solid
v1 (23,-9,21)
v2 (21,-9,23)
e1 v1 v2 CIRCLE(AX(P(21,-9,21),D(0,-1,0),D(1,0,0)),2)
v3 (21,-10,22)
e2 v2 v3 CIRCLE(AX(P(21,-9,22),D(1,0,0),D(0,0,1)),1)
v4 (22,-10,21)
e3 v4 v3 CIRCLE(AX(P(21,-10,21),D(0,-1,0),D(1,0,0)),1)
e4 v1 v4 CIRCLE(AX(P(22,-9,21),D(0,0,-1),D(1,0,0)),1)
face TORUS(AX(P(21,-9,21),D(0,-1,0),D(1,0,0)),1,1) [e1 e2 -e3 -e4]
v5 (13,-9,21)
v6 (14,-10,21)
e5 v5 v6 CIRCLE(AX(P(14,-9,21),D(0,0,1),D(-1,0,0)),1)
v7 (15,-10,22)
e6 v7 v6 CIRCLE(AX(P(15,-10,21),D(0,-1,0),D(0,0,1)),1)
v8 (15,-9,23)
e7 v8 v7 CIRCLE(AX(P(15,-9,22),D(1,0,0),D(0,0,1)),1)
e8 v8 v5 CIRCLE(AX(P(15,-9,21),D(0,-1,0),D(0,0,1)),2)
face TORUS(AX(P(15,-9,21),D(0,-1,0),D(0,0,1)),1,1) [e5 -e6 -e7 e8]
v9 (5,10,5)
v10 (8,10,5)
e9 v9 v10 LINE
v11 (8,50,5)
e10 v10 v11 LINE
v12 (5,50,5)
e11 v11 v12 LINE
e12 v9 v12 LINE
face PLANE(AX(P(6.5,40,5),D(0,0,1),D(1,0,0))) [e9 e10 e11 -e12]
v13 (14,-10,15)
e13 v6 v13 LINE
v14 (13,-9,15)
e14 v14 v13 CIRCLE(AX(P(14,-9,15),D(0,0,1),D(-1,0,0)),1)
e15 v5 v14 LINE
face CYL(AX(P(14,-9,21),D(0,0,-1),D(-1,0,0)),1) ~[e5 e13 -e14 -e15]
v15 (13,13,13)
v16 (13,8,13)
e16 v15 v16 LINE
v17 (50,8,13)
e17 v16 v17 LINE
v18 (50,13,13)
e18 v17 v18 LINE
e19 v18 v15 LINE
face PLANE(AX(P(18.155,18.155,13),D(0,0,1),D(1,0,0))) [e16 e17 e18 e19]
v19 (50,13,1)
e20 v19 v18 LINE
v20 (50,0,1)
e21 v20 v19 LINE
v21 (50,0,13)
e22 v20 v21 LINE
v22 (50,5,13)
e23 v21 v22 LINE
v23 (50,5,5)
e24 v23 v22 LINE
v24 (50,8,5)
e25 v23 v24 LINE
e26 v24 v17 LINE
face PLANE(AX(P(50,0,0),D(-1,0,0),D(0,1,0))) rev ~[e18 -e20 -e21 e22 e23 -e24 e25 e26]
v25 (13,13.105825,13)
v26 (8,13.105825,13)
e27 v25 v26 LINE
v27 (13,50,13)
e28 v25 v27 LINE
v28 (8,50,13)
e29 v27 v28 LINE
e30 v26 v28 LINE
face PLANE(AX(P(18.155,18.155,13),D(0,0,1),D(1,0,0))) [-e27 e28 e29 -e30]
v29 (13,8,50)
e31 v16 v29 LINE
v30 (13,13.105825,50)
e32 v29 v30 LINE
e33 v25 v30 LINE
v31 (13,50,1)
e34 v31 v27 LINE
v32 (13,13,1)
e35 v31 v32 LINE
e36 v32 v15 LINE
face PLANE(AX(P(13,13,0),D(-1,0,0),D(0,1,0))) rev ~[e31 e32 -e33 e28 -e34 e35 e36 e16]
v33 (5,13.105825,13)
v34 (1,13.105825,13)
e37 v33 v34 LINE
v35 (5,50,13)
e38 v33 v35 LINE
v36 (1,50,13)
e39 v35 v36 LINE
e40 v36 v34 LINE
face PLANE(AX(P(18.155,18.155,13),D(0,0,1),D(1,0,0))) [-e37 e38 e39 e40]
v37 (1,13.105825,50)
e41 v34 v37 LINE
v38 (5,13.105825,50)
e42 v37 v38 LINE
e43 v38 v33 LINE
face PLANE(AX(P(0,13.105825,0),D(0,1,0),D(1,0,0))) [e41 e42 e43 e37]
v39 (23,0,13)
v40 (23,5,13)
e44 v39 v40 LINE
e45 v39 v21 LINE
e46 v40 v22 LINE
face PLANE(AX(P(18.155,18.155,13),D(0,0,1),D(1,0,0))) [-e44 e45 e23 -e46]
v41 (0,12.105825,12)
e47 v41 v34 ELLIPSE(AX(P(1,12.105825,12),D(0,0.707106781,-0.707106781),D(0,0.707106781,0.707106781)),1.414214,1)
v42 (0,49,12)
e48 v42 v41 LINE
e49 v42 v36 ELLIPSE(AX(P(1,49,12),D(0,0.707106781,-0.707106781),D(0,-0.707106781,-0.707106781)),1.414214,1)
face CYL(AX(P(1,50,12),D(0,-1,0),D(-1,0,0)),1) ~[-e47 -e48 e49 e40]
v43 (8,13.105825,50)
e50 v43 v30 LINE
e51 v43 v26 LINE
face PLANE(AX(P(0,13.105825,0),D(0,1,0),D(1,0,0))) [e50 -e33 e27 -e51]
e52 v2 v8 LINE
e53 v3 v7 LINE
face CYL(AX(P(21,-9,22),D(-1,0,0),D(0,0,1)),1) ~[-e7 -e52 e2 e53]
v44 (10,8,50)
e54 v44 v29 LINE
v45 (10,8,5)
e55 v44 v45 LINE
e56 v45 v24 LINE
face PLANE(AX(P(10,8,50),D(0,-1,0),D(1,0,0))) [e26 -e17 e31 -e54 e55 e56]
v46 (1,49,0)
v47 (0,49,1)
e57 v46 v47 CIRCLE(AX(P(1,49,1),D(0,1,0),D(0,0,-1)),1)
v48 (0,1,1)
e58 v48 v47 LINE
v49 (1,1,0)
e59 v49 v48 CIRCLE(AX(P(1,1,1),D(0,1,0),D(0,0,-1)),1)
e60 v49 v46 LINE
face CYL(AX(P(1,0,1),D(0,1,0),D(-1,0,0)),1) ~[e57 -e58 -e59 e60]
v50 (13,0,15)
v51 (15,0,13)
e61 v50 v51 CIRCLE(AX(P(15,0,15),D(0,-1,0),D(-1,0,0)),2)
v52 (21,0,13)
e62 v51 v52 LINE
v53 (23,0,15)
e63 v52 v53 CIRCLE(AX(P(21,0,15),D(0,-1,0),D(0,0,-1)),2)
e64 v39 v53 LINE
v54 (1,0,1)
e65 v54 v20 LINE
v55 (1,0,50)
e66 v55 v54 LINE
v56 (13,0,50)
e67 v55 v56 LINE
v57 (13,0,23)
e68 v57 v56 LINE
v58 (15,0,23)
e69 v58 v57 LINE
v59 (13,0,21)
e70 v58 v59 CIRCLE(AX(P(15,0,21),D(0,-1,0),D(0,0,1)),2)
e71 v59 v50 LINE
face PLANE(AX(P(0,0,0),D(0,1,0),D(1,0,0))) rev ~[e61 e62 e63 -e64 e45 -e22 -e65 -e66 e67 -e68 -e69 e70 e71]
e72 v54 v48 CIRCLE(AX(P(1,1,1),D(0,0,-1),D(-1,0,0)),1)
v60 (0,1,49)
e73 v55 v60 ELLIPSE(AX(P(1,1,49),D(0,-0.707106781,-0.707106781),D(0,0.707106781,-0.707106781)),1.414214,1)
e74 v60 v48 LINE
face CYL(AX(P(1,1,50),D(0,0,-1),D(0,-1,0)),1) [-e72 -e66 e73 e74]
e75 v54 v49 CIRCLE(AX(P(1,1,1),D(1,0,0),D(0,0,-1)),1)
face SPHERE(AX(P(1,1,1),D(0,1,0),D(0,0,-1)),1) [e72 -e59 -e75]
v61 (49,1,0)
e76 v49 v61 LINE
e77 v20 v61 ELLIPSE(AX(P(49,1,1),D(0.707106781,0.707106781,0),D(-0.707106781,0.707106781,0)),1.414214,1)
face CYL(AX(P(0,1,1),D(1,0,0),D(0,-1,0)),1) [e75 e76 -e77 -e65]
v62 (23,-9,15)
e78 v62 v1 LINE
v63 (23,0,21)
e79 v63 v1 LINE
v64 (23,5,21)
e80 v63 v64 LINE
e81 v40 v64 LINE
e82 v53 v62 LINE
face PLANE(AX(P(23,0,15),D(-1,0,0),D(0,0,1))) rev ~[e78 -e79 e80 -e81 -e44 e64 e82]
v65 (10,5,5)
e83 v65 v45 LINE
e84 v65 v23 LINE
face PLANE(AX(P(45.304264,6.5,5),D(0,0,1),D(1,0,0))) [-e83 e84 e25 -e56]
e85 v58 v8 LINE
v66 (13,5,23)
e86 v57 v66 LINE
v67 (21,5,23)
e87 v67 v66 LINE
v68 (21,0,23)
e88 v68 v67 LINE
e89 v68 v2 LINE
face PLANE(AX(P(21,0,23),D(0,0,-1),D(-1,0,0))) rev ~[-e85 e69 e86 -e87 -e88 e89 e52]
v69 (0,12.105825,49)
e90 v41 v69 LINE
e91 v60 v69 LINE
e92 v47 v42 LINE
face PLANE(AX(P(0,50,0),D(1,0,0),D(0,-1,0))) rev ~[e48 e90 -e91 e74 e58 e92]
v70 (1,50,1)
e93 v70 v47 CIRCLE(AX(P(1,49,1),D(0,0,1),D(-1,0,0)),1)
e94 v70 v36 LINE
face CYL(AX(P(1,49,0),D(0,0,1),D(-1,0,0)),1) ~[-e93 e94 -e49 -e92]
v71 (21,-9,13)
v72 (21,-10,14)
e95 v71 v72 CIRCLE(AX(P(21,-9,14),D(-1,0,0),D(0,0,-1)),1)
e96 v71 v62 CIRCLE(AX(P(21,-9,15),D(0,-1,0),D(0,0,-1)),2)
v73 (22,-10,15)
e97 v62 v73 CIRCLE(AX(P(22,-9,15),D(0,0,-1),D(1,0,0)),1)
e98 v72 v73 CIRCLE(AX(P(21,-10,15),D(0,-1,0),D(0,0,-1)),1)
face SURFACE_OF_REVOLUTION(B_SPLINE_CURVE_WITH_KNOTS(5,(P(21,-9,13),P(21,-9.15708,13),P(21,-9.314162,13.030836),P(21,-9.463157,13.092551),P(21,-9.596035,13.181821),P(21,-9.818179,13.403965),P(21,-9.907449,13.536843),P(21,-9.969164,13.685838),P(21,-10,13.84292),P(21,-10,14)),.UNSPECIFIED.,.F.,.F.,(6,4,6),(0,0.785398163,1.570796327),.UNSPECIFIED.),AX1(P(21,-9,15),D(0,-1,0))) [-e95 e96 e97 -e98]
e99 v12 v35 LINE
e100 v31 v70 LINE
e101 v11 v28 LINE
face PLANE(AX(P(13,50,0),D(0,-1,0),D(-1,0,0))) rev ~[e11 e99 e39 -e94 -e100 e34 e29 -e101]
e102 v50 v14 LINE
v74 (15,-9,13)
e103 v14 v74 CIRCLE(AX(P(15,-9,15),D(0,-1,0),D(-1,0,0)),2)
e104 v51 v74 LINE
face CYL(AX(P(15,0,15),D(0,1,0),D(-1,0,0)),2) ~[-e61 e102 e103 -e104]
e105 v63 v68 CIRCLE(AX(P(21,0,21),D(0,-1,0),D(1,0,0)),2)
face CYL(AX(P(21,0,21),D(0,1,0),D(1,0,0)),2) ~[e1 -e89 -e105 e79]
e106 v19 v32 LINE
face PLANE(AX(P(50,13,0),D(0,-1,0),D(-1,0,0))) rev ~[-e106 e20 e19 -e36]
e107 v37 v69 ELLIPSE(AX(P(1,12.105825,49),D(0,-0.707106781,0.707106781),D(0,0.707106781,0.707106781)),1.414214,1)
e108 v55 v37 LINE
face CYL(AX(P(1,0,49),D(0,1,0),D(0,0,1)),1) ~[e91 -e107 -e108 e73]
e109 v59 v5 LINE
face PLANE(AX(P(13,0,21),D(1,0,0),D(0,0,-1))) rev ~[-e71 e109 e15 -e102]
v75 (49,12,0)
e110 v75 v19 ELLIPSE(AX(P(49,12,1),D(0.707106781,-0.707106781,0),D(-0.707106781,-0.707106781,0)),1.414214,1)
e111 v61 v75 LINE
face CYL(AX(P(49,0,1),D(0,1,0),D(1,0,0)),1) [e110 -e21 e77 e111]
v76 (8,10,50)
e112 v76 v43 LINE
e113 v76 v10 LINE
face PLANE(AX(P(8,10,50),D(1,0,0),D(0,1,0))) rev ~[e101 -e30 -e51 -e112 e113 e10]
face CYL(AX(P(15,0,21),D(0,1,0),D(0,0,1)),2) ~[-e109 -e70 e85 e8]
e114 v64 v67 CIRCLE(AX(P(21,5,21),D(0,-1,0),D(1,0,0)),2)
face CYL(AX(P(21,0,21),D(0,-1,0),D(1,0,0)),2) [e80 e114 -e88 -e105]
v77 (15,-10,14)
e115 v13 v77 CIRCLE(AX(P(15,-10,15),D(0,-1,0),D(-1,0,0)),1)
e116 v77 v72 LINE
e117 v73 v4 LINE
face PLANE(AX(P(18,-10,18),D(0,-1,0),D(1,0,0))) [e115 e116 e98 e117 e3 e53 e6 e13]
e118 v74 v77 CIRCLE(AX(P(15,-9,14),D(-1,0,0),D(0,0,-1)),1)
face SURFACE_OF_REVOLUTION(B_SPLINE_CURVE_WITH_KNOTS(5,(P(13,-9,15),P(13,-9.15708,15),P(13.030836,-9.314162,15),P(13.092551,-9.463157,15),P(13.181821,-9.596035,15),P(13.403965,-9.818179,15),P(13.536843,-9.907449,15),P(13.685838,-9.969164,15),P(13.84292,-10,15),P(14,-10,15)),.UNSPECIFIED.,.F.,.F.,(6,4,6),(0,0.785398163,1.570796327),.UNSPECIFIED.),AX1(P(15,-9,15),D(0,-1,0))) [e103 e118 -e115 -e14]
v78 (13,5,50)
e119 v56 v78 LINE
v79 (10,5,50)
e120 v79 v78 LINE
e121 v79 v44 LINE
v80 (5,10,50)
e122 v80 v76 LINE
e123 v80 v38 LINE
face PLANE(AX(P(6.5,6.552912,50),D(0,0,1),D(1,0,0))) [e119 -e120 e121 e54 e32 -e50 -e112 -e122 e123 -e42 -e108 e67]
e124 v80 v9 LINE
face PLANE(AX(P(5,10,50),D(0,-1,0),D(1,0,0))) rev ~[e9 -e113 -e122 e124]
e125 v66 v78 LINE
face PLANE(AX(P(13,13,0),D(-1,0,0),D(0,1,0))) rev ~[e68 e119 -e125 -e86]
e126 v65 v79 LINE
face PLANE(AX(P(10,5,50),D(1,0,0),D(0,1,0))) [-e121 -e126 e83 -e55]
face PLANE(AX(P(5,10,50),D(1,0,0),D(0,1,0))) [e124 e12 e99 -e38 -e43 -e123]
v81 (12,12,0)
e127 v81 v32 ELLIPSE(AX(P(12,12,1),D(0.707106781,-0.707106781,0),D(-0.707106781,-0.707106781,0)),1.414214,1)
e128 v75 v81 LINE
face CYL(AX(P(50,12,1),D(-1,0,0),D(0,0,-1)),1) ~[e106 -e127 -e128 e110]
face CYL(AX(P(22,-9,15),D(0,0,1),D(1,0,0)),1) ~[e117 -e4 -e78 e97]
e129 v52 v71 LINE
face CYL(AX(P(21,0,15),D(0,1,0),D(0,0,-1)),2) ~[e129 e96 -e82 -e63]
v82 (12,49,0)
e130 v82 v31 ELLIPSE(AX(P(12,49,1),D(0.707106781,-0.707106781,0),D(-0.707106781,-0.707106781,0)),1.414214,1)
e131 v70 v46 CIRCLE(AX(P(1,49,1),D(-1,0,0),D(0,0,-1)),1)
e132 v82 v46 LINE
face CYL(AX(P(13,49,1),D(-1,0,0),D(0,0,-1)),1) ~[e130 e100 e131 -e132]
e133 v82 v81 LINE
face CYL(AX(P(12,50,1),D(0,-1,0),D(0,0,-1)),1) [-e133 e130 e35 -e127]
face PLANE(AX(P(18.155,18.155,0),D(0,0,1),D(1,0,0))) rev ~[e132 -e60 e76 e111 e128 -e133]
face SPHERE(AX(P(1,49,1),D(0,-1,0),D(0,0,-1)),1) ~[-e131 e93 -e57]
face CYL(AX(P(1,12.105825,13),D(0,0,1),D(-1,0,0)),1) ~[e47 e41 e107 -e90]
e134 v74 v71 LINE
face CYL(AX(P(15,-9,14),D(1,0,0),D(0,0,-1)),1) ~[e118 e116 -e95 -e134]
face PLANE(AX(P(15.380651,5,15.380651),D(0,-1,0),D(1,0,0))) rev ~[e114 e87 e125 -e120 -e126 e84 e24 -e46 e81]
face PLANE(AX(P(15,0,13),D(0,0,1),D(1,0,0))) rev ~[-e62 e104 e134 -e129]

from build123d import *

# Parameters (mm, degrees)
PAD_DEPTH     = 13
SKETCH001_W   = 13
SKETCH001_H   = 13.105825
PAD001_DEPTH  = 50
SKETCH002_W   = 70.608528
SKETCH002_H   = 3
SKETCH002_W_2 = 3
SKETCH002_H_2 = 60
POCKET_DEPTH  = 45
PAD003_DEPTH  = 5
PAD004_DEPTH  = 10
FILLET002_R   = 1
FILLET_R      = 1


with BuildPart() as part:
    # Sketch → Pad (new body)
    with BuildSketch(Plane.XY):
        Polygon((0, 0), (50, 0), (50, 13), (13, 13), (13, 50), (0, 50), align=None)
    extrude(amount=PAD_DEPTH)

    # Sketch001 → Pad001 (join)
    with BuildSketch(Plane.XY):
        with Locations((6.5, 6.5529125)):
            Rectangle(SKETCH001_W, SKETCH001_H)
    extrude(amount=PAD001_DEPTH)

    # Sketch002 (on Face7 of Pad001) → Pocket (cut)
    with BuildSketch(Plane.XY.offset(50)):
        with Locations((45.304264, 6.5)):
            Rectangle(SKETCH002_W, SKETCH002_H)
        with Locations((6.5, 40)):
            Rectangle(SKETCH002_W_2, SKETCH002_H_2)
    extrude(amount=-POCKET_DEPTH, mode=Mode.SUBTRACT)

    # Sketch004 → Pad003 (join)
    with BuildSketch(Plane.XZ):
        with BuildLine():
            Line((8, 8), (23, 8))
            Line((23, 8), (23, 21))
            ThreePointArc((23, 21), (22.4142135624, 22.4142135624), (21, 23))
            Line((21, 23), (8, 23))
            Line((8, 23), (8, 8))
        make_face()
    extrude(amount=-PAD003_DEPTH)

    # Sketch005 → Pad004 (join)
    with BuildSketch(Plane.XZ):
        with BuildLine():
            Line((21, 23), (15, 23))
            ThreePointArc((15, 23), (13.5857864376, 22.4142135623), (13, 20.9999999999))
            Line((13, 20.9999999999), (13, 15))
            ThreePointArc((13, 15), (13.5857864376, 13.5857864376), (15, 13))
            Line((15, 13), (21, 13))
            ThreePointArc((21, 13), (22.4142135624, 13.5857864376), (23, 15))
            Line((23, 15), (23, 20.9999999999))
            ThreePointArc((23, 20.9999999999), (22.4142135624, 22.4142135623), (21, 23))
        make_face()
    extrude(amount=PAD004_DEPTH)

    # Fillet002
    fillet002_edges = [part.edges().sort_by_distance(p)[0] for p in [
        (18, -10, 23),
        (13.585786, -10, 22.414214),
        (13, -10, 18),
        (13.585786, -10, 13.585786),
        (18, -10, 13),
        (22.414214, -10, 13.585786),
        (23, -10, 18),
        (22.414214, -10, 22.414214),
    ]]
    fillet(fillet002_edges, radius=FILLET002_R)

    # Fillet
    fillet_edges = [part.edges().sort_by_distance(p)[0] for p in [
        (0, 25, 0),
        (6.5, 50, 0),
        (13, 31.5, 0),
        (31.5, 13, 0),
        (50, 6.5, 0),
        (25, 0, 0),
        (0, 0, 25),
        (0, 6.552912, 50),
        (0, 13.105825, 31.5),
        (0, 31.552912, 13),
        (0, 50, 6.5),
    ]]
    fillet(fillet_edges, radius=FILLET_R)


solid = part.part
